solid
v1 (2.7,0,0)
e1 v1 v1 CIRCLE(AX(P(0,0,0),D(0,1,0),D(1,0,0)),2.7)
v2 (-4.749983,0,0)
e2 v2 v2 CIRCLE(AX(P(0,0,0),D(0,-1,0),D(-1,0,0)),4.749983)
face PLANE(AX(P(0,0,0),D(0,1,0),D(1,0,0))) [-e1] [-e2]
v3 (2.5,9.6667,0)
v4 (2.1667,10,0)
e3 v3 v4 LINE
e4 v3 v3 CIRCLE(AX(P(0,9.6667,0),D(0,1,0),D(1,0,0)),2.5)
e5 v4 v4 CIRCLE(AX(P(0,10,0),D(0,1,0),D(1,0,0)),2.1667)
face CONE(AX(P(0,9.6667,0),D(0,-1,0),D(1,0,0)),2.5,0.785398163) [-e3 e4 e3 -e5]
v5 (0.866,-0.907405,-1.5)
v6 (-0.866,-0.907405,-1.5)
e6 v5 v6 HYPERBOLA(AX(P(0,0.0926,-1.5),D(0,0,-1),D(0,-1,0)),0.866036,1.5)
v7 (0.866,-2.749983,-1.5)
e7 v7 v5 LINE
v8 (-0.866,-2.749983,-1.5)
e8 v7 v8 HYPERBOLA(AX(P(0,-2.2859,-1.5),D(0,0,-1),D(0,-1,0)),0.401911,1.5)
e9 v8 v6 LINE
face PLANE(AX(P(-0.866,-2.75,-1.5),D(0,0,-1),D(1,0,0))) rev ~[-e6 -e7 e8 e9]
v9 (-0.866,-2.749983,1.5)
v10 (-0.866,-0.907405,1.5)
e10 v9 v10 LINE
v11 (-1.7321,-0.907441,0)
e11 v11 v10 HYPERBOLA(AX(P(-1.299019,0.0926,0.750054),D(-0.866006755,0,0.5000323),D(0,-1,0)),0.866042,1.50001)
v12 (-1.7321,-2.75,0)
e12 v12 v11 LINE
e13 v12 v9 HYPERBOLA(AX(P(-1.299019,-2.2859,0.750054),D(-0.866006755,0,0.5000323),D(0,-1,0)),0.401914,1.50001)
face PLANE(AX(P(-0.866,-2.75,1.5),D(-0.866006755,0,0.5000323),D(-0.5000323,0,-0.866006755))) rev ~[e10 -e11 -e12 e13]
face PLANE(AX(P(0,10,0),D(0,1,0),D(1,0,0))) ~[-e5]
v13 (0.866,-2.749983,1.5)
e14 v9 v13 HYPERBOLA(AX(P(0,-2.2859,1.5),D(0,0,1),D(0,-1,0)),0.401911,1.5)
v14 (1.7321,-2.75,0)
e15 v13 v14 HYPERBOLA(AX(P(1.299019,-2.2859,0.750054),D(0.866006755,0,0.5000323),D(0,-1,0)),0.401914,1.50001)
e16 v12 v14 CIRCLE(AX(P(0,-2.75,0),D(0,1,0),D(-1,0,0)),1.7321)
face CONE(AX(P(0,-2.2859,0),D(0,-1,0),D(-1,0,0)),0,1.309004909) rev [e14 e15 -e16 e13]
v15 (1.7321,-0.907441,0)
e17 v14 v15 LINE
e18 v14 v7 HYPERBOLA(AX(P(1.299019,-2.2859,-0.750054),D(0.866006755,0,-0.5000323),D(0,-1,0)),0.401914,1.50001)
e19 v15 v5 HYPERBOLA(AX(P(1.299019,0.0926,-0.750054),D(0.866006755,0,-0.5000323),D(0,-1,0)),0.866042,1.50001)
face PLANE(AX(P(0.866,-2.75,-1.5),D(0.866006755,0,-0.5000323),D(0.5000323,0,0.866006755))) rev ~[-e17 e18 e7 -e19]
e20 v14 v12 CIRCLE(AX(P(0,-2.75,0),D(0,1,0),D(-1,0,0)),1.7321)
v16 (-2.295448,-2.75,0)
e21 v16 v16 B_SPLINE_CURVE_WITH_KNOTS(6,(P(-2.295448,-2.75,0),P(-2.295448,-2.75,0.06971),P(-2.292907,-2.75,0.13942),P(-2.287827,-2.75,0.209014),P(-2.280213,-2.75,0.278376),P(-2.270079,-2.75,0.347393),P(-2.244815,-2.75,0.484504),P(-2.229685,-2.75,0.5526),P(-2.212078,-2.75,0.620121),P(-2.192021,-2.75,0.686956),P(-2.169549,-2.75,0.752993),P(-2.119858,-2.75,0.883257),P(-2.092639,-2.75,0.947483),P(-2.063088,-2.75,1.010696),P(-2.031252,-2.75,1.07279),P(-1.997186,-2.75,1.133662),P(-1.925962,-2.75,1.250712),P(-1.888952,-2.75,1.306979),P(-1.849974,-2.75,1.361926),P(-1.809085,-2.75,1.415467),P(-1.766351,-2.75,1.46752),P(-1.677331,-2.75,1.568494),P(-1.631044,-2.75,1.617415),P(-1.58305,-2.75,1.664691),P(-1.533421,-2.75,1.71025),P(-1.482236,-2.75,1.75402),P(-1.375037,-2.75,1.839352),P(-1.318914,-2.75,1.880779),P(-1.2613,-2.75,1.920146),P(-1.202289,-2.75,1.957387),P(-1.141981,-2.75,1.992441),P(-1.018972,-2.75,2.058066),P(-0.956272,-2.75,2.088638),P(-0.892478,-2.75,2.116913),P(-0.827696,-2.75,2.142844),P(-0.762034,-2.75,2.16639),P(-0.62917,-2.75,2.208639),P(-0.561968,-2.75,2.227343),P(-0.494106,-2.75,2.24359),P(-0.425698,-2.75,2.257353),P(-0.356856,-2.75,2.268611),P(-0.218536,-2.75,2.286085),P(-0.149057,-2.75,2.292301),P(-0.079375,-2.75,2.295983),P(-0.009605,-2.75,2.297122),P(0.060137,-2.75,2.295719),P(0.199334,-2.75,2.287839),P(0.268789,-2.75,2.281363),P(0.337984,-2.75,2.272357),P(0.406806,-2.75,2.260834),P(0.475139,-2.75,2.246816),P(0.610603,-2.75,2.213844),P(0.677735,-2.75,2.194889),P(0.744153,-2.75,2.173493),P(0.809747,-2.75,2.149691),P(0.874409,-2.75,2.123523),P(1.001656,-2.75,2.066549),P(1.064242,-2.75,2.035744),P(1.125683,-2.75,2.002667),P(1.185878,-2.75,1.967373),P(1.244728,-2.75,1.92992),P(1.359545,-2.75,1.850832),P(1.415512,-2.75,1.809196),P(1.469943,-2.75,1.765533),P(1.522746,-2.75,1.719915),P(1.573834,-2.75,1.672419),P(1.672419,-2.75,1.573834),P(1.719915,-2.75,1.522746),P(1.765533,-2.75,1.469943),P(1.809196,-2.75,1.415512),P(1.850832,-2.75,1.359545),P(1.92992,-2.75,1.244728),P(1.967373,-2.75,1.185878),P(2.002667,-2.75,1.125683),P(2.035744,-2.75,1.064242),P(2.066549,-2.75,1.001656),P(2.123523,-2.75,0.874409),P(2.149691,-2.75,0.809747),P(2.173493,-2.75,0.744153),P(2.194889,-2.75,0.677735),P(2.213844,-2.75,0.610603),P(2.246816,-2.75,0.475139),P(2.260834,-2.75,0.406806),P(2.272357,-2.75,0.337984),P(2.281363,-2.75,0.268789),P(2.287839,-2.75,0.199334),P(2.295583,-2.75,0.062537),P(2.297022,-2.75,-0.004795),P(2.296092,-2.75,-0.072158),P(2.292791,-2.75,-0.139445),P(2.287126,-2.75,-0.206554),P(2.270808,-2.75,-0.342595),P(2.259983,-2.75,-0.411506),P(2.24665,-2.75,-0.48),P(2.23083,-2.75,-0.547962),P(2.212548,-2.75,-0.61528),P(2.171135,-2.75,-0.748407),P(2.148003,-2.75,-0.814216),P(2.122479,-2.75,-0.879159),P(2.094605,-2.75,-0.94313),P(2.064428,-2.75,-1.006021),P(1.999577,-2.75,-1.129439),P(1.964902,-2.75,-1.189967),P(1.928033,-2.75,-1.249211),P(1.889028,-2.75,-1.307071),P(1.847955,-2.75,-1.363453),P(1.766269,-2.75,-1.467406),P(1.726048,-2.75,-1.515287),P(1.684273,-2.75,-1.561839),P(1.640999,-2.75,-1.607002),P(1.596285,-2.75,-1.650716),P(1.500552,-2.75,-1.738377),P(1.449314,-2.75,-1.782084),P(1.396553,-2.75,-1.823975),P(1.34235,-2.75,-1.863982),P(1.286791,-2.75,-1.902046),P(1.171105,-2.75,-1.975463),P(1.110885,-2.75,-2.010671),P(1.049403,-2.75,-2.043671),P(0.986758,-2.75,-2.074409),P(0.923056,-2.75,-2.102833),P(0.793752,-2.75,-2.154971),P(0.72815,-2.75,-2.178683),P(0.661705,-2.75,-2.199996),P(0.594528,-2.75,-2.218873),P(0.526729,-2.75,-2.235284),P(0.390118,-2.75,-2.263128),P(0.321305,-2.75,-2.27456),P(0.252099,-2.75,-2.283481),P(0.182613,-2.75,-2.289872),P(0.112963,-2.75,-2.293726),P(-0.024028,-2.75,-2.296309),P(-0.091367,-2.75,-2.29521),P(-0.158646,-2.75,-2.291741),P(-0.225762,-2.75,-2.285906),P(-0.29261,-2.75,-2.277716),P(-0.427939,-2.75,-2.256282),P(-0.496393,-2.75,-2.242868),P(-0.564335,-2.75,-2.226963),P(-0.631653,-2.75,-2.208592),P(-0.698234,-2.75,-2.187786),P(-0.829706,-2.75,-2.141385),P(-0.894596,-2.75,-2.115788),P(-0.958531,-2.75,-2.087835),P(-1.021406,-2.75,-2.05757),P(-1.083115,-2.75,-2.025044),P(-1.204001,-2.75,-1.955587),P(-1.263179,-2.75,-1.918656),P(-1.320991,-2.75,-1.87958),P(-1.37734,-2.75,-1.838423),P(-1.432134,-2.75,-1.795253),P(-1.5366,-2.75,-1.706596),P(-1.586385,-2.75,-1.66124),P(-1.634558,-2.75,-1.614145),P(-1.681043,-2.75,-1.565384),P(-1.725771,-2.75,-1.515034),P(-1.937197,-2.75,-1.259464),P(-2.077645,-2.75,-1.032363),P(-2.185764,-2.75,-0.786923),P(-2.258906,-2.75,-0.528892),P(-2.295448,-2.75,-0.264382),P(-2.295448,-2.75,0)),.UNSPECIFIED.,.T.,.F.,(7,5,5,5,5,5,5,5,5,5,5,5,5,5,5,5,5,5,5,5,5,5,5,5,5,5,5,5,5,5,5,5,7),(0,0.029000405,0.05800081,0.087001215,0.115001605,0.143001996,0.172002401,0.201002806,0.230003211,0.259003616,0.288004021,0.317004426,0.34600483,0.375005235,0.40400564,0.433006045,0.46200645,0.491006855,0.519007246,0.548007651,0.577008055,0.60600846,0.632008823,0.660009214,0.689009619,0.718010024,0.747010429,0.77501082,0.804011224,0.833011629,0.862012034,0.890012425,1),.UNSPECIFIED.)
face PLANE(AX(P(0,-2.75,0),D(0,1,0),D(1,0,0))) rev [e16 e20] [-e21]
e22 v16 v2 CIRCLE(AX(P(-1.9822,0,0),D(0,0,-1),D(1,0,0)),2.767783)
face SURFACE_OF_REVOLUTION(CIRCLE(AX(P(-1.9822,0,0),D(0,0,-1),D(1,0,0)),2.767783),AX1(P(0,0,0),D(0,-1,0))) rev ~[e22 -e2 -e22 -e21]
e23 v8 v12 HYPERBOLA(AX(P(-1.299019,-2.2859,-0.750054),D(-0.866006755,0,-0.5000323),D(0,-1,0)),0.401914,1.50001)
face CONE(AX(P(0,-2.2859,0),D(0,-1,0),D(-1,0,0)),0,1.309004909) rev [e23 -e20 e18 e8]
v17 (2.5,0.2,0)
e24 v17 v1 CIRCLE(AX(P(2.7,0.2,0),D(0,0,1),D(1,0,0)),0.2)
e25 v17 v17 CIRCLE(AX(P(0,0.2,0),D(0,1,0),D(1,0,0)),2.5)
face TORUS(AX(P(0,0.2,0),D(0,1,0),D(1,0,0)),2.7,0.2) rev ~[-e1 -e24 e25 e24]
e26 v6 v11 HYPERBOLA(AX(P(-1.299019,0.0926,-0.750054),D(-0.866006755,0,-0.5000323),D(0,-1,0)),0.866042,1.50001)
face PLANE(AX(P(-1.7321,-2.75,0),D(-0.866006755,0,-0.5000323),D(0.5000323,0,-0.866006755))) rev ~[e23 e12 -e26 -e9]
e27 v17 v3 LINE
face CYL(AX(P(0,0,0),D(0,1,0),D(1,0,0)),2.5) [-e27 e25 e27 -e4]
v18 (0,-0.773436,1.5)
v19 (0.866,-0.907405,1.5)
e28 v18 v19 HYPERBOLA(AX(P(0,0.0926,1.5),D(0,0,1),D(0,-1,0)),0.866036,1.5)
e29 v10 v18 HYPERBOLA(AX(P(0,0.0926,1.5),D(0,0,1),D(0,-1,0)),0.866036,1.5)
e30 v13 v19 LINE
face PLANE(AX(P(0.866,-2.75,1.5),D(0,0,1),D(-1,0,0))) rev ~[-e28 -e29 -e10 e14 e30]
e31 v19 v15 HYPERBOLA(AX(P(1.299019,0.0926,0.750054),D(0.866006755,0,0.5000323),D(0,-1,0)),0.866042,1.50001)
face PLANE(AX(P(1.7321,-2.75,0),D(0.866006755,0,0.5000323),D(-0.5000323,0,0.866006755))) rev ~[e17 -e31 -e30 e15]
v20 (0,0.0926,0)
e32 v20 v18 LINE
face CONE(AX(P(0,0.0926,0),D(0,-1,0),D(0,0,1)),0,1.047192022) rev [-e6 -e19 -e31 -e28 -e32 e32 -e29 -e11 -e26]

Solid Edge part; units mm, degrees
sketch "Sketch1" plane through (0, 0, 0) normal (0, 0, 1) x (1, 0, 0)
  line L0 (2.5, 0) -> (2.5, 10)
  line L1 (0, 10) -> (2.5, 10)
  line L2 (0, 0) -> (0, 10)
  line L3 (0, 0) -> (0, -2.75)
  line L4 (0, -2.75) -> (4.75, -2.75)
  line L5 (4.75, -2.75) -> (4.75, 0)
  line L6 (4.75, 0) -> (2.5, 0)
revolve "RevolvedProtrusion1" add sketch "Sketch1" angle 360 about axis through (0, 0, 0) along (0, 1, 0)
sketch "Sketch2" plane through (0, 0, 0) normal (1, 0, 0) x (0, 1, 0)
  line L0 (-2.75, 2.2215) -> (-1.19, 2.2215)
  line L1 (0.0926, 0) -> (-1.19, 2.2215)
  line L2 (-2.75, 0) -> (0.0926, 0)
  line L3 (-2.75, 0) -> (-2.75, 2.2215)
revolve "RevolvedCutout1" cut sketch "Sketch2" angle 360 about axis through (0, -4.5, 0) along (0, 1, 0)
sketch "Sketch3" plane through (0, -2.75, 0) normal (0, -1, 0) x (0, 0, 1)
  circle A0 centre (0, 0) radius 2.2215
  line L0 (-1.5, -0.866) -> (0, -1.7321)
  line L1 (0, -1.7321) -> (1.5, -0.866)
  line L2 (1.5, -0.866) -> (1.5, 0.866)
  line L3 (1.5, 0.866) -> (0, 1.7321)
  line L4 (0, 1.7321) -> (-1.5, 0.866)
  line L5 (-1.5, 0.866) -> (-1.5, -0.866)
  dimension "D1" = 3
extrude "Protrusion1" add sketch "Sketch3" against normal up to next
sketch "Sketch4" plane through (0, 0, 0) normal (0, 0, 1) x (1, 0, 0)
  line L0 (-1.7321, -2.75) -> (0, -2.75)
  line L1 (0, -2.75) -> (0, -2.2859)
  line L2 (0, -2.2859) -> (-1.7321, -2.75)
revolve "RevolvedCutout2" cut sketch "Sketch4" angle 360 about axis through (0, -4.5, 0) along (0, 1, 0)
fillet "Round1" radius 0.2 1 edges at (0, 0, -2.5)
chamfer "倒斜角_2" distance 0.3333 angle 45 1 edges at (0, 10, -2.5)
cosmetic_thread "螺纹_3" size "M5" thread depth 8.4
sketch "Sketch5" plane through (0, 0, 0) normal (0, 0, 1) x (1, 0, 0)
  arc A0 (-2.2953, -2.75) -> (-4.75, 0) centre (-1.9822, 0) cw
revolve "RevolvedCutout3" cut sketch "Sketch5" angle 360 about axis through (0, 0, 0) along (0, -1, 0) material side at (-4.0844, -1.8764, 0)
